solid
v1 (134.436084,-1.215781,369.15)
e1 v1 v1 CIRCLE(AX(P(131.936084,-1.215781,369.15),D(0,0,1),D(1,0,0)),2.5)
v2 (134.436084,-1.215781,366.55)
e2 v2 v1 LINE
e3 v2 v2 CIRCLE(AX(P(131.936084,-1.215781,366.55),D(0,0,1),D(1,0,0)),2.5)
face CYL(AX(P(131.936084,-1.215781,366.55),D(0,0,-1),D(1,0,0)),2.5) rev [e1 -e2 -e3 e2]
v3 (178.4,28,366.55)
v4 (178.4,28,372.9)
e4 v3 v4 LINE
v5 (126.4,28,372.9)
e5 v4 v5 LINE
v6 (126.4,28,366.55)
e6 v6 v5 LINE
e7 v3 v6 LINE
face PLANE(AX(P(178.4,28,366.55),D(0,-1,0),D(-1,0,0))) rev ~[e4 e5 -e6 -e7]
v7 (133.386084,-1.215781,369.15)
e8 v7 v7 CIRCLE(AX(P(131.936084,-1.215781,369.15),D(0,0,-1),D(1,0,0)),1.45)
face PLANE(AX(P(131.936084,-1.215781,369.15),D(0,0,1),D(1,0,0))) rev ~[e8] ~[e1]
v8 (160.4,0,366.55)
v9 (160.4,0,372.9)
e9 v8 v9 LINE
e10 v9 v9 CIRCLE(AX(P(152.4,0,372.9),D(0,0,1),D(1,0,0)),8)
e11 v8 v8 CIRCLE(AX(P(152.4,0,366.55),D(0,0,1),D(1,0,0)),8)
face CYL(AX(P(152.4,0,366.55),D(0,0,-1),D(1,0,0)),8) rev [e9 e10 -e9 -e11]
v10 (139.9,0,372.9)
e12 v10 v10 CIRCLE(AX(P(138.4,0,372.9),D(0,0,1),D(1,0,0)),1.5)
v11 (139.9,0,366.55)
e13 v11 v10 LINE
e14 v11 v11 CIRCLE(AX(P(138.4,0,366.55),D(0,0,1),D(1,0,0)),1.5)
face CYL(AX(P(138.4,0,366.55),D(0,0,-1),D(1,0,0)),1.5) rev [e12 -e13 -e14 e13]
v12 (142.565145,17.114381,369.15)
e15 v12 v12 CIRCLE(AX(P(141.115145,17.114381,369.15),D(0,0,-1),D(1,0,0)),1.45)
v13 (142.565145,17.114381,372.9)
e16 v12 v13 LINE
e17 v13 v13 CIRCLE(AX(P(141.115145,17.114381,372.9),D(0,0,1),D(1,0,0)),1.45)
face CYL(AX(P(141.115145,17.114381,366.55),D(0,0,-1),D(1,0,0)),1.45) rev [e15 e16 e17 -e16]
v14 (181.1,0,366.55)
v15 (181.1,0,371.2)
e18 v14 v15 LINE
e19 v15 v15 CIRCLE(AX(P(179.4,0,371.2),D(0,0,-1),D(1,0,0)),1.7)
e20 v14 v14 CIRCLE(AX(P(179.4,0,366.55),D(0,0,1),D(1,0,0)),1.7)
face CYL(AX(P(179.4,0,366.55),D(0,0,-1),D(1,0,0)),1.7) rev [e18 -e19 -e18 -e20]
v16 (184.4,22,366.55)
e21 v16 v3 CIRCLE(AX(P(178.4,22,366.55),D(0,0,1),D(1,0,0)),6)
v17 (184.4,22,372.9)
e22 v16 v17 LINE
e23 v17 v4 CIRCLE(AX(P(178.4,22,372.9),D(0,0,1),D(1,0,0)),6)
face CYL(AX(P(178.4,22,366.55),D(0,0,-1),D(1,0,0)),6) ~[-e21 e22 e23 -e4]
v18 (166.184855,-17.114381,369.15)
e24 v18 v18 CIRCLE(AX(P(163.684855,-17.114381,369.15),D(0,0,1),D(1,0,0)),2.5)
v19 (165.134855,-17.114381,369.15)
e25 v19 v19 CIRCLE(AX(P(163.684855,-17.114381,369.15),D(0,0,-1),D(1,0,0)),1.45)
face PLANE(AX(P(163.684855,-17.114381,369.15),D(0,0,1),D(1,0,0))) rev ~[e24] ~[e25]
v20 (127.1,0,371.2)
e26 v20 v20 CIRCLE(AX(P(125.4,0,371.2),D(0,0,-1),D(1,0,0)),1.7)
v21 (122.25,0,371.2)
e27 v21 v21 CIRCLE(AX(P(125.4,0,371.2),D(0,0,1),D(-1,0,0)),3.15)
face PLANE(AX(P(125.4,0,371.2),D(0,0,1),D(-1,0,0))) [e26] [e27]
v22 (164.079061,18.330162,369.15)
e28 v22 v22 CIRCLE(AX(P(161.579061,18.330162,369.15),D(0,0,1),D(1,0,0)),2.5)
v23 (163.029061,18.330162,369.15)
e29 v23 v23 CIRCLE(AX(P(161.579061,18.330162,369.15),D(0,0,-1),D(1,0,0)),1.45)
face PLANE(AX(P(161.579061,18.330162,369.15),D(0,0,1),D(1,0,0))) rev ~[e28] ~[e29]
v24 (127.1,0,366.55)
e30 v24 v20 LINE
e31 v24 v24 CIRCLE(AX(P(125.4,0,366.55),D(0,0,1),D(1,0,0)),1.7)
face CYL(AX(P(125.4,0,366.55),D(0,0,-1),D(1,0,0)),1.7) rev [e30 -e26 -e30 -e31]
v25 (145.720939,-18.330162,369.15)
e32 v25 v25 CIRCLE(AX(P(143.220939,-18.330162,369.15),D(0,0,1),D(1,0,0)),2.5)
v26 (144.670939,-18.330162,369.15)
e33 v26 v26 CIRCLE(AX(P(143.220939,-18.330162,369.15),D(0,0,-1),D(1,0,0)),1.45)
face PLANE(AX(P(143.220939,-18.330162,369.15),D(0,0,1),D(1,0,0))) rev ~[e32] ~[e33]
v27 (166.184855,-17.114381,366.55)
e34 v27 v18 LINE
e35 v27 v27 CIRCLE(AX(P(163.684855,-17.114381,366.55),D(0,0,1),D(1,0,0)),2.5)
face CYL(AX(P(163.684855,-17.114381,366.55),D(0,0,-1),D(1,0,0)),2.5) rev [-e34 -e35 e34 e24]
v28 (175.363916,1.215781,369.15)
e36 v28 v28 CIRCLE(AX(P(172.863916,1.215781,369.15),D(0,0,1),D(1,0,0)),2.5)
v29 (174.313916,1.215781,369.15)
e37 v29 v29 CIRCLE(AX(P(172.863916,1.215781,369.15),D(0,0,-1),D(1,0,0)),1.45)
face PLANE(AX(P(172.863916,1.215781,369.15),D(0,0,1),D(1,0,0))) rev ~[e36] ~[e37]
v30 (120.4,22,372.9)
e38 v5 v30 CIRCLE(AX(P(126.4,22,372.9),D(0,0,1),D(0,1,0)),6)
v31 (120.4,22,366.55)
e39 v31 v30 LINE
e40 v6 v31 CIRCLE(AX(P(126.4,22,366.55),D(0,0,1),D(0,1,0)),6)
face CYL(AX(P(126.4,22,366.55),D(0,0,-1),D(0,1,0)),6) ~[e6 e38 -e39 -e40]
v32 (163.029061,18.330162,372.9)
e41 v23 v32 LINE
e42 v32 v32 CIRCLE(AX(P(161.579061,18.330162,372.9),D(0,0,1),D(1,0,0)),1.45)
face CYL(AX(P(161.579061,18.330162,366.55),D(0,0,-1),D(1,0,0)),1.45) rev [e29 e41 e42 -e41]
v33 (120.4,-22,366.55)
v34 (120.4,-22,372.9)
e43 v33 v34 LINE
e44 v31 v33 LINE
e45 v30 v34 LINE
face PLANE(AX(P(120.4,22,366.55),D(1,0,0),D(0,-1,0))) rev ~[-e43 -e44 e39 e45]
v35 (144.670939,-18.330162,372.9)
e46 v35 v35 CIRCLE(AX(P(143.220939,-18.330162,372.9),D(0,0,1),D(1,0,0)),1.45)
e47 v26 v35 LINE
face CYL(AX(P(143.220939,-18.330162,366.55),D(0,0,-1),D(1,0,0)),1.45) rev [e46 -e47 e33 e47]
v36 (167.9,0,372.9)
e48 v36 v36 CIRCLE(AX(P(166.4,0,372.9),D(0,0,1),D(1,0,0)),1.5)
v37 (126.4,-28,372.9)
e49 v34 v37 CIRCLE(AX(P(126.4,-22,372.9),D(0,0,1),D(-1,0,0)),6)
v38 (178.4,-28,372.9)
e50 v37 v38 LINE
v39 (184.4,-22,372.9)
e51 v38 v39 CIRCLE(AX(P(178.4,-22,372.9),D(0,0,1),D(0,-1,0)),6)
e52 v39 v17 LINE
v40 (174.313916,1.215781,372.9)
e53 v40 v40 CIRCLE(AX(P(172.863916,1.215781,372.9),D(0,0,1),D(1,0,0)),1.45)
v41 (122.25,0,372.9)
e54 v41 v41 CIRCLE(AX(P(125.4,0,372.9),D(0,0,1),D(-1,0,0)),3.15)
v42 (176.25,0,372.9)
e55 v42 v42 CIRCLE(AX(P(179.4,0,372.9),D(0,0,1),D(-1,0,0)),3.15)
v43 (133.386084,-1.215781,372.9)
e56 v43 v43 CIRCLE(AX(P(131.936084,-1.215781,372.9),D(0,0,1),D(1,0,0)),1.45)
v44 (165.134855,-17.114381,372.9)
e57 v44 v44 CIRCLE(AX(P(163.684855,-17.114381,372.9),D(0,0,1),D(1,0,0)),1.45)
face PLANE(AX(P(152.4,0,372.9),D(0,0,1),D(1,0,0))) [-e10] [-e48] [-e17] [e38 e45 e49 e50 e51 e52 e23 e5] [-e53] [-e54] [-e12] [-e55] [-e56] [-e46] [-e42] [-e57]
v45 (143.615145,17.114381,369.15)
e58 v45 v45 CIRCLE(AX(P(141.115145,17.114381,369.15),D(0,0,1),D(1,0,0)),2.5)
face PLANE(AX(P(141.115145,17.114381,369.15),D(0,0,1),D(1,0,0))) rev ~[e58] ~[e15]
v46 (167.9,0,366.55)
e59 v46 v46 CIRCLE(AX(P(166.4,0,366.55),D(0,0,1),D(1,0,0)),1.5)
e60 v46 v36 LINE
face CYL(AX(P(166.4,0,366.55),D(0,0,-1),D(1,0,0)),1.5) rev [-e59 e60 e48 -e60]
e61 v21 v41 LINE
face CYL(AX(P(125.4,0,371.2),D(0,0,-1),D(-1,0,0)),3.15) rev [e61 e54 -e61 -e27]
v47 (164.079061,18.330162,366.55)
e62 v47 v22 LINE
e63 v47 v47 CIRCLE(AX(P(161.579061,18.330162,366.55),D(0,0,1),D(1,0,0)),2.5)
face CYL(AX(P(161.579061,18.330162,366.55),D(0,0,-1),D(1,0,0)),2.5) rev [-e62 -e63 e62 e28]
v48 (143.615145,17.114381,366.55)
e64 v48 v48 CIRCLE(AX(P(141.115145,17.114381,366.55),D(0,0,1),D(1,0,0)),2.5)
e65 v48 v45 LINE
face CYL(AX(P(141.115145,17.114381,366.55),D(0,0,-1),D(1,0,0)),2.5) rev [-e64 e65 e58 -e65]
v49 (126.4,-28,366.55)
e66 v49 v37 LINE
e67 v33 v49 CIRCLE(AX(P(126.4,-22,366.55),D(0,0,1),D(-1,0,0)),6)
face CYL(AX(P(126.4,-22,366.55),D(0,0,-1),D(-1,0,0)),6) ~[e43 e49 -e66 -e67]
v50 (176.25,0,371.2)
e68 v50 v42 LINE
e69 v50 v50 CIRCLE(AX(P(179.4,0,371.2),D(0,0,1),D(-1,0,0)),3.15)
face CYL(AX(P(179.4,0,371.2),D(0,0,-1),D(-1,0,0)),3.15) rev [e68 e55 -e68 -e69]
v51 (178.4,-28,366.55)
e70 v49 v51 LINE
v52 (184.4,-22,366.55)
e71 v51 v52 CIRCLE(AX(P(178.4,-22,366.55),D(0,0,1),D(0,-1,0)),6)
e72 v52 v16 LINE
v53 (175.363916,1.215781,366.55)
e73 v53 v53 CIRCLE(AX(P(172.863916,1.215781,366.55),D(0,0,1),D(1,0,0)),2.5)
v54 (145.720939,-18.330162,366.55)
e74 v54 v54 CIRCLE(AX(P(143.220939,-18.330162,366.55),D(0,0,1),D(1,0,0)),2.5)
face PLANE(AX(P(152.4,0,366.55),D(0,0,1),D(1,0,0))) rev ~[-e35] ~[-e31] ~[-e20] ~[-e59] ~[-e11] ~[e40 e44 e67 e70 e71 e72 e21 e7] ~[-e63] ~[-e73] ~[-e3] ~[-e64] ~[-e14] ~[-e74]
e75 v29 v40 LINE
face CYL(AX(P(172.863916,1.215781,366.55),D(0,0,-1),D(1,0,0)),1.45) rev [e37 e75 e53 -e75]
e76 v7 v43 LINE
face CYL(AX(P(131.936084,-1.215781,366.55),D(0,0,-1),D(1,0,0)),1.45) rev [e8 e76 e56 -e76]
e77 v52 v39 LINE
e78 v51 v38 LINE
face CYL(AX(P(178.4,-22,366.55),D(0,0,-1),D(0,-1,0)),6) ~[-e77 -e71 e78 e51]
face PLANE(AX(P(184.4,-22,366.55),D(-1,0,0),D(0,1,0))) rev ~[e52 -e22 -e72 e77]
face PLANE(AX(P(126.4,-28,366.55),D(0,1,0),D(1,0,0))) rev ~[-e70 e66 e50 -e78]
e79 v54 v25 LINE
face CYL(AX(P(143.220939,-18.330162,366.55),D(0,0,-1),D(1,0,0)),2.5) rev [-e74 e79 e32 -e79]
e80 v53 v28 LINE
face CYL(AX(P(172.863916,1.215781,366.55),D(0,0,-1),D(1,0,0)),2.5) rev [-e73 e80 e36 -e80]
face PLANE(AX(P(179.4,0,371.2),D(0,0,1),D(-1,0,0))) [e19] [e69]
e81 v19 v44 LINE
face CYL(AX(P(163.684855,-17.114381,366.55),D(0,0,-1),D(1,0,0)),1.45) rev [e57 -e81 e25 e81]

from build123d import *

# Parameters (mm, degrees)
REPISA_M6_START                       = 366.55
REPISA_M6_DEPTH                       = 6.35
BARRENOS_M6_TORNILLOS_PASADORES_START = 366.55
CROQUIS2_R                            = 1.45
CROQUIS2_R_2                          = 8
CROQUIS2_R_3                          = 1.7
CROQUIS2_R_4                          = 1.5
BARRENOS_M6_TORNILLOS_PASADORES_DEPTH = 6.35
REFRENTADO_M2_5_START                 = 366.55
CROQUIS3_R                            = 2.5
REFRENTADO_M2_5_DEPTH                 = 2.6
AVELLANADO_M3_START                   = 371.2
CROQUIS4_R                            = 3.15
AVELLANADO_M3_DEPTH                   = 1.7


with BuildPart() as part:
    # Croquis1 → Repisa_M6 (new body)
    with BuildSketch(Plane.XY.offset(REPISA_M6_START)):
        with BuildLine():
            Line((126.4, -28), (178.4, -28))
            ThreePointArc((178.4, -28), (182.642640687, -26.242640687), (184.4, -22))
            Line((184.4, -22), (184.4, 22))
            ThreePointArc((184.4, 22), (182.642640687, 26.242640687), (178.4, 28))
            Line((178.4, 28), (126.4, 28))
            ThreePointArc((126.4, 28), (122.157359313, 26.242640687), (120.4, 22))
            Line((120.4, 22), (120.4, -22))
            ThreePointArc((120.4, -22), (122.157359313, -26.242640687), (126.4, -28))
        make_face()
    extrude(amount=REPISA_M6_DEPTH)

    # Croquis2 → Barrenos_M6_tornillos_pasadores (cut)
    with BuildSketch(Plane.XY.offset(BARRENOS_M6_TORNILLOS_PASADORES_START)):
        with Locations((172.863916472, 1.215780658)):
            Circle(CROQUIS2_R)
        with Locations((161.579061301, 18.330161855)):
            Circle(CROQUIS2_R)
        with Locations((141.115144828, 17.114381197)):
            Circle(CROQUIS2_R)
        with Locations((131.936083528, -1.215780658)):
            Circle(CROQUIS2_R)
        with Locations((143.220938699, -18.330161855)):
            Circle(CROQUIS2_R)
        with Locations((163.684855172, -17.114381197)):
            Circle(CROQUIS2_R)
        with Locations((152.4, 0)):
            Circle(CROQUIS2_R_2)
        with Locations((125.4, 0)):
            Circle(CROQUIS2_R_3)
        with Locations((179.4, 0)):
            Circle(CROQUIS2_R_3)
        with Locations((138.4, 0)):
            Circle(CROQUIS2_R_4)
        with Locations((166.4, 0)):
            Circle(CROQUIS2_R_4)
    extrude(amount=BARRENOS_M6_TORNILLOS_PASADORES_DEPTH, mode=Mode.SUBTRACT)

    # Croquis3 → Refrentado_M2-5 (cut)
    with BuildSketch(Plane.XY.offset(REFRENTADO_M2_5_START)):
        with Locations((172.863916472, 1.215780658)):
            Circle(CROQUIS3_R)
        with Locations((161.579061301, 18.330161855)):
            Circle(CROQUIS3_R)
        with Locations((141.115144828, 17.114381197)):
            Circle(CROQUIS3_R)
        with Locations((131.936083528, -1.215780658)):
            Circle(CROQUIS3_R)
        with Locations((143.220938699, -18.330161855)):
            Circle(CROQUIS3_R)
        with Locations((163.684855172, -17.114381197)):
            Circle(CROQUIS3_R)
    extrude(amount=REFRENTADO_M2_5_DEPTH, mode=Mode.SUBTRACT)

    # Croquis4 → Avellanado_M3 (cut)
    with BuildSketch(Plane.XY.offset(AVELLANADO_M3_START)):
        with Locations(Location((125.4, 0, 0), (0, 0, 180))):
            Circle(CROQUIS4_R)
        with Locations(Location((179.4, 0, 0), (0, 0, 180))):
            Circle(CROQUIS4_R)
    extrude(amount=AVELLANADO_M3_DEPTH, mode=Mode.SUBTRACT)


solid = part.part
